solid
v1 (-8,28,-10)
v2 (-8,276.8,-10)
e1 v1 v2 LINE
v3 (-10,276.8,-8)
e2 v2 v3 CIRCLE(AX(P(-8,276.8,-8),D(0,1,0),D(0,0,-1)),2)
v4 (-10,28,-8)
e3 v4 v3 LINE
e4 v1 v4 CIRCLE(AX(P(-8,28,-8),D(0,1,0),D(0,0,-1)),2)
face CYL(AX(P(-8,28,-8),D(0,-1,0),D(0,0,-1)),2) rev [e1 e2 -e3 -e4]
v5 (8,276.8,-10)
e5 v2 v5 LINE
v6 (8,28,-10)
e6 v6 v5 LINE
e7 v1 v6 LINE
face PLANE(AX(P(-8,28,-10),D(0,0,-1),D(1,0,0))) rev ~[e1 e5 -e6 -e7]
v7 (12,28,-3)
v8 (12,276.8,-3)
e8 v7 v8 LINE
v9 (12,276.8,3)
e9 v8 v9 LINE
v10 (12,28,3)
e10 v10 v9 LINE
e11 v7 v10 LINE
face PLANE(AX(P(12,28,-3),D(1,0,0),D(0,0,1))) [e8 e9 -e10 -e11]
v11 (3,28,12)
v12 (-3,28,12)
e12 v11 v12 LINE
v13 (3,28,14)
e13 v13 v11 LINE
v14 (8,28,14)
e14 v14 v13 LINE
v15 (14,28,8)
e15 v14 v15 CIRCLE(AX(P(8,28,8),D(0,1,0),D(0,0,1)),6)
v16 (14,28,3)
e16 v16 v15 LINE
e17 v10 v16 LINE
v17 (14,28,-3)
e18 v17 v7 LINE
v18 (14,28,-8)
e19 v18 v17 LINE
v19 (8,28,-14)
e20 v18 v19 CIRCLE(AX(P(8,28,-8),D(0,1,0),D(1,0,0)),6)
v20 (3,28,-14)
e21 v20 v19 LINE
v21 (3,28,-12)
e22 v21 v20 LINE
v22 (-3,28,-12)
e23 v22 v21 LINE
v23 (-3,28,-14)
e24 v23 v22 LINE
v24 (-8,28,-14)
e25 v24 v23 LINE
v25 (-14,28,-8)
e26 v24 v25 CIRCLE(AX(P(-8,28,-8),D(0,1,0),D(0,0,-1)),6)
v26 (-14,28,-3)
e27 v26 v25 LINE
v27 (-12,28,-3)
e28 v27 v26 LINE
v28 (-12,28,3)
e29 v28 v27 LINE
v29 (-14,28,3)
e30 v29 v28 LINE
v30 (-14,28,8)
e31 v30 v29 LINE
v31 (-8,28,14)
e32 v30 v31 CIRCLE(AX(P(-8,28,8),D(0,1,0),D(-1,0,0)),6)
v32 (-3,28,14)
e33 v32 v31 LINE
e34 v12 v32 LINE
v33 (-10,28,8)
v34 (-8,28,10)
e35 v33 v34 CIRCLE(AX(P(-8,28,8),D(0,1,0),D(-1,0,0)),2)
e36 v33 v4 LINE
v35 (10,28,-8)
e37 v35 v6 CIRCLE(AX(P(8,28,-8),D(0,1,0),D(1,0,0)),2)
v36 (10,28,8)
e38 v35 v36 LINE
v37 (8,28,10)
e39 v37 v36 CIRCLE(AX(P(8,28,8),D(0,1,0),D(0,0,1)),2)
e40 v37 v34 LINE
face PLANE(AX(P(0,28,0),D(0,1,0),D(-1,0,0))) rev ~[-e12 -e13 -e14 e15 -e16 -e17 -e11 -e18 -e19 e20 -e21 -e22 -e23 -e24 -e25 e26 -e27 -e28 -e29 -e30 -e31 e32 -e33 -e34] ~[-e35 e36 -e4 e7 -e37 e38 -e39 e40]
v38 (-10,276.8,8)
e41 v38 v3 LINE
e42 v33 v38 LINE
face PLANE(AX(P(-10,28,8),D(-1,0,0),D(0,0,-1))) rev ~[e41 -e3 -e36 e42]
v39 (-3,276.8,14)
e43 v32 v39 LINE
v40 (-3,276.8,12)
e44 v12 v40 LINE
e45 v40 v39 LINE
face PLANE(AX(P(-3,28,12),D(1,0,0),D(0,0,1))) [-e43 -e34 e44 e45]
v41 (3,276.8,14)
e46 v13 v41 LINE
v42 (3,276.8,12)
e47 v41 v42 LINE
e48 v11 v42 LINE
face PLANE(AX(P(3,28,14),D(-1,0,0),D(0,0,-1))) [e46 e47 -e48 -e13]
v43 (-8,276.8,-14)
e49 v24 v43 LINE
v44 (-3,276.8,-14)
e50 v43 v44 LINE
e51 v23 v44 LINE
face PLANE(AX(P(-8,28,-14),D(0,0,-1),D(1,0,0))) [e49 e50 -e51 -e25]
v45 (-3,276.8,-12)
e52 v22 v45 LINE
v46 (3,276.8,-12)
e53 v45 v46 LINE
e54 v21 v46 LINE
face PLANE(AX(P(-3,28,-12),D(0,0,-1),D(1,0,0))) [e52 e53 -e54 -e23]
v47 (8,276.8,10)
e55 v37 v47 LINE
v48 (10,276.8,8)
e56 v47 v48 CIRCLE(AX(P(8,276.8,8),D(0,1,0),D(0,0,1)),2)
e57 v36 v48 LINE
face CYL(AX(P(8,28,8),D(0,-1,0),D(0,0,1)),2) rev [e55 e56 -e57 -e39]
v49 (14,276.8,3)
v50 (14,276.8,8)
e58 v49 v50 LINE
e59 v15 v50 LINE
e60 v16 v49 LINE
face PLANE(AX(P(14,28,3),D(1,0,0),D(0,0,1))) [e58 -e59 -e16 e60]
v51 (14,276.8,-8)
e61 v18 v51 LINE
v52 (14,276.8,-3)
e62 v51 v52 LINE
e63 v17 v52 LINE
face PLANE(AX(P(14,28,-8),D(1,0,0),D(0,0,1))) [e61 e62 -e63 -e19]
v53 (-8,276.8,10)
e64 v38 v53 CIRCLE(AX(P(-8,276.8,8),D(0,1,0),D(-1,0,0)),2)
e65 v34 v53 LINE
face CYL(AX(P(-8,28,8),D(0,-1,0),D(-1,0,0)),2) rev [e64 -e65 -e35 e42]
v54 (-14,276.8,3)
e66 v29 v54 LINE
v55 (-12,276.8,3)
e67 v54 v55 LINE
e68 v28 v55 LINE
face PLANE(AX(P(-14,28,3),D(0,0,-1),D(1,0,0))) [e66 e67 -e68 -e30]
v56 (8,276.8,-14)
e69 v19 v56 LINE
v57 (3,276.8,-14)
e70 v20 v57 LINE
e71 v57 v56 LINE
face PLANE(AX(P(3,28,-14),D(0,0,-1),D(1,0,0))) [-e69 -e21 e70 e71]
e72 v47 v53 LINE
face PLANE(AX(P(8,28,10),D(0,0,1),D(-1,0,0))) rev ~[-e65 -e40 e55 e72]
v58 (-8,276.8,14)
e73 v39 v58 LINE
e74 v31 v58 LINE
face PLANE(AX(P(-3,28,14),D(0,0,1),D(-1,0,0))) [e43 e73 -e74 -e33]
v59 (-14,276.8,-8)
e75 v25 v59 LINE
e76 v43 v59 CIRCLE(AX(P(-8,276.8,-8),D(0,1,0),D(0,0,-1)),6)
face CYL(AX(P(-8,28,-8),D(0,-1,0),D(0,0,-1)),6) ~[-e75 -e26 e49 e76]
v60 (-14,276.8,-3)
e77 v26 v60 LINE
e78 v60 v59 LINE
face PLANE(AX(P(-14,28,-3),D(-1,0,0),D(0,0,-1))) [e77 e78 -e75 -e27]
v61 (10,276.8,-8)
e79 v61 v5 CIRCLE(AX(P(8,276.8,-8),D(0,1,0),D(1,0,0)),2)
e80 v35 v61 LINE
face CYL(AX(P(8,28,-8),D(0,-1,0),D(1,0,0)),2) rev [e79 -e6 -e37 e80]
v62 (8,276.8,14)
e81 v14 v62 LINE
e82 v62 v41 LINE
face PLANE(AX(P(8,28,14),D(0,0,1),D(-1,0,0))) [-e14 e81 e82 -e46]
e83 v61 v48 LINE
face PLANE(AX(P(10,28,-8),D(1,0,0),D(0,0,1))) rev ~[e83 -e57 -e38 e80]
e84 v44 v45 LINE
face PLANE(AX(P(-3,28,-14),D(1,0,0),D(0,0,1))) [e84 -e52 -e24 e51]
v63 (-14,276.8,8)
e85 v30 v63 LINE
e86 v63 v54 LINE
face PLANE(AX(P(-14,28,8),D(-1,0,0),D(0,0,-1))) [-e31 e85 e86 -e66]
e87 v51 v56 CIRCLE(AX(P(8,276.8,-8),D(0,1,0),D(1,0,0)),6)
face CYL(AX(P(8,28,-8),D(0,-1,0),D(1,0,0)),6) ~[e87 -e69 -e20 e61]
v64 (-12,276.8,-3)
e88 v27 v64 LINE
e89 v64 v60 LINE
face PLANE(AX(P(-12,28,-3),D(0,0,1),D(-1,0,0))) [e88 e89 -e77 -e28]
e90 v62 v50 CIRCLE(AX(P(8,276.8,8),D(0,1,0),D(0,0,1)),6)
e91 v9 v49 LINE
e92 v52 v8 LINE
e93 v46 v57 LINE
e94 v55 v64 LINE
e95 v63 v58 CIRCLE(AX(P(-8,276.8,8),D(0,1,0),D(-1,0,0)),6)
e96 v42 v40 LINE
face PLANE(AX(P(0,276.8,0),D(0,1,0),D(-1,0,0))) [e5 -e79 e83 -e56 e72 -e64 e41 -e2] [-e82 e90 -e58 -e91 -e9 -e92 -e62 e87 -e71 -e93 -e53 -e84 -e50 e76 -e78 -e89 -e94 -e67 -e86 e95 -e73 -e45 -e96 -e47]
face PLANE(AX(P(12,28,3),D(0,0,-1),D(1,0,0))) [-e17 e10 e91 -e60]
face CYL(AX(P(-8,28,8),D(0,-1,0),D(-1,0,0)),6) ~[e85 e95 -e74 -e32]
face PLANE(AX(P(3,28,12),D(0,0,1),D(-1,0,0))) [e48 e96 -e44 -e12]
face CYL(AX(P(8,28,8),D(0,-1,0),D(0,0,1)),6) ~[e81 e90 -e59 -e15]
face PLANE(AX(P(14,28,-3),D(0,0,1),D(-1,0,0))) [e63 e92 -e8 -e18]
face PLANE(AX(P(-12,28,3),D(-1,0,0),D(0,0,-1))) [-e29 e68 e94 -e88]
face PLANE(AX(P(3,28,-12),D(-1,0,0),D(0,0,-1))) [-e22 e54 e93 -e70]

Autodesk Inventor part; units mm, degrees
ref_plane "Start Plane" through (0, 28, 0) normal (0, 1, 0) x (-1, 0, 0)
ref_plane "End Plane" through (0, 276.8, 0) normal (0, 1, 0) x (-1, 0, 0)
sketch "Sketch" plane through (0, 0, 0) normal (0, 1, 0) x (-1, 0, 0)
  line L0 (8, -10) -> (-8, -10)
  line L1 (-10, -8) -> (-10, 8)
  line L2 (-8, 10) -> (8, 10)
  line L3 (10, 8) -> (10, -8)
  line L4 (10, -10) -> (-10, 10) construction
  line L5 (-10, -10) -> (10, 10) construction
  line L6 (14, -14) -> (-14, 14) construction
  line L7 (-14, -14) -> (14, 14) construction
  arc A0 (8, -10) -> (10, -8) centre (8, -8) ccw
  arc A1 (-10, -8) -> (-8, -10) centre (-8, -8) ccw
  arc A2 (-8, 10) -> (-10, 8) centre (-8, 8) ccw
  arc A3 (10, 8) -> (8, 10) centre (8, 8) ccw
  arc A4 (8, -14) -> (14, -8) centre (8, -8) ccw
  arc A5 (-14, -8) -> (-8, -14) centre (-8, -8) ccw
  arc A6 (-8, 14) -> (-14, 8) centre (-8, 8) ccw
  arc A7 (14, 8) -> (8, 14) centre (8, 8) ccw
  line L8 (3, -14) -> (3, -12)
  line L9 (3, -12) -> (-3, -12)
  line L10 (-3, -12) -> (-3, -14)
  line L11 (-14, -3) -> (-12, -3)
  line L12 (-12, -3) -> (-12, 3)
  line L13 (-12, 3) -> (-14, 3)
  line L14 (-3, 14) -> (-3, 12)
  line L15 (-3, 12) -> (3, 12)
  line L16 (3, 12) -> (3, 14)
  line L17 (14, 3) -> (12, 3)
  line L18 (12, 3) -> (12, -3)
  line L19 (12, -3) -> (14, -3)
  line L20 (0, -10) -> (0, -12) construction
  line L21 (-10, 0) -> (-12, 0) construction
  line L22 (0, 10) -> (0, 12) construction
  line L23 (10, 0) -> (12, 0) construction
  line L24 (14, 8) -> (14, 3)
  line L25 (14, -3) -> (14, -8)
  line L26 (8, -14) -> (3, -14)
  line L27 (-3, -14) -> (-8, -14)
  line L28 (-14, -8) -> (-14, -3)
  line L29 (-14, 3) -> (-14, 8)
  line L30 (-8, 14) -> (-3, 14)
  line L31 (3, 14) -> (8, 14)
  point P0 (0, 0)
  dimension "d1" = 20
  dimension "d2" = 2
  dimension "d3" = 6
  dimension "d4" = 20
  dimension "d5" = 6
  dimension "d6" = 2
  dimension "d8" = 28
extrude "Body" add sketch "Sketch" along normal up to surface (248.8 mm away) from surface at 28
sketch "Sketch2" plane through (0, 0, 0) normal (0, 1, 0) x (-1, 0, 0)
  line L0 (0, 0) -> (10, 0)
ref_plane "Work Plane3" through (0, 0, 0) normal (0, 0, -1) x (-1, 0, 0)
sketch "Sketch3" plane through (0, 0, 0) normal (0, 0, -1) x (-1, 0, 0)
  line L0 (-2, 28) -> (12, 28) construction
  line L1 (-2, 276.8) -> (12, 276.8) construction
  dimension "d16" = 248.8
ref_plane "Work Plane4" through (-268.8, 28, -290.8) normal (0, -1, 0) x (1, 0, 0)
split "Split1" plane through (-268.8, 28, -290.8) removes the side toward (0, -1, 0)
ref_plane "Work Plane5" through (-268.8, 276.8, 14) normal (0, 1, 0) x (1, 0, 0)
split "Split2" plane through (-268.8, 276.8, 14) removes the side toward (0, 1, 0)
equation "\"G_OFFSET_START\" = -28"
equation "\"G_OFFSET_END\" = -28"
equation "\"d11\" = -G_OFFSET_START"
equation "\"d12\" = Length + G_OFFSET_END"
equation "\"G_L\" = d16"
equation "\"Length\" = 304.8"
properties part number "CE-5.2.2-PR" material "Steel, Mild"
